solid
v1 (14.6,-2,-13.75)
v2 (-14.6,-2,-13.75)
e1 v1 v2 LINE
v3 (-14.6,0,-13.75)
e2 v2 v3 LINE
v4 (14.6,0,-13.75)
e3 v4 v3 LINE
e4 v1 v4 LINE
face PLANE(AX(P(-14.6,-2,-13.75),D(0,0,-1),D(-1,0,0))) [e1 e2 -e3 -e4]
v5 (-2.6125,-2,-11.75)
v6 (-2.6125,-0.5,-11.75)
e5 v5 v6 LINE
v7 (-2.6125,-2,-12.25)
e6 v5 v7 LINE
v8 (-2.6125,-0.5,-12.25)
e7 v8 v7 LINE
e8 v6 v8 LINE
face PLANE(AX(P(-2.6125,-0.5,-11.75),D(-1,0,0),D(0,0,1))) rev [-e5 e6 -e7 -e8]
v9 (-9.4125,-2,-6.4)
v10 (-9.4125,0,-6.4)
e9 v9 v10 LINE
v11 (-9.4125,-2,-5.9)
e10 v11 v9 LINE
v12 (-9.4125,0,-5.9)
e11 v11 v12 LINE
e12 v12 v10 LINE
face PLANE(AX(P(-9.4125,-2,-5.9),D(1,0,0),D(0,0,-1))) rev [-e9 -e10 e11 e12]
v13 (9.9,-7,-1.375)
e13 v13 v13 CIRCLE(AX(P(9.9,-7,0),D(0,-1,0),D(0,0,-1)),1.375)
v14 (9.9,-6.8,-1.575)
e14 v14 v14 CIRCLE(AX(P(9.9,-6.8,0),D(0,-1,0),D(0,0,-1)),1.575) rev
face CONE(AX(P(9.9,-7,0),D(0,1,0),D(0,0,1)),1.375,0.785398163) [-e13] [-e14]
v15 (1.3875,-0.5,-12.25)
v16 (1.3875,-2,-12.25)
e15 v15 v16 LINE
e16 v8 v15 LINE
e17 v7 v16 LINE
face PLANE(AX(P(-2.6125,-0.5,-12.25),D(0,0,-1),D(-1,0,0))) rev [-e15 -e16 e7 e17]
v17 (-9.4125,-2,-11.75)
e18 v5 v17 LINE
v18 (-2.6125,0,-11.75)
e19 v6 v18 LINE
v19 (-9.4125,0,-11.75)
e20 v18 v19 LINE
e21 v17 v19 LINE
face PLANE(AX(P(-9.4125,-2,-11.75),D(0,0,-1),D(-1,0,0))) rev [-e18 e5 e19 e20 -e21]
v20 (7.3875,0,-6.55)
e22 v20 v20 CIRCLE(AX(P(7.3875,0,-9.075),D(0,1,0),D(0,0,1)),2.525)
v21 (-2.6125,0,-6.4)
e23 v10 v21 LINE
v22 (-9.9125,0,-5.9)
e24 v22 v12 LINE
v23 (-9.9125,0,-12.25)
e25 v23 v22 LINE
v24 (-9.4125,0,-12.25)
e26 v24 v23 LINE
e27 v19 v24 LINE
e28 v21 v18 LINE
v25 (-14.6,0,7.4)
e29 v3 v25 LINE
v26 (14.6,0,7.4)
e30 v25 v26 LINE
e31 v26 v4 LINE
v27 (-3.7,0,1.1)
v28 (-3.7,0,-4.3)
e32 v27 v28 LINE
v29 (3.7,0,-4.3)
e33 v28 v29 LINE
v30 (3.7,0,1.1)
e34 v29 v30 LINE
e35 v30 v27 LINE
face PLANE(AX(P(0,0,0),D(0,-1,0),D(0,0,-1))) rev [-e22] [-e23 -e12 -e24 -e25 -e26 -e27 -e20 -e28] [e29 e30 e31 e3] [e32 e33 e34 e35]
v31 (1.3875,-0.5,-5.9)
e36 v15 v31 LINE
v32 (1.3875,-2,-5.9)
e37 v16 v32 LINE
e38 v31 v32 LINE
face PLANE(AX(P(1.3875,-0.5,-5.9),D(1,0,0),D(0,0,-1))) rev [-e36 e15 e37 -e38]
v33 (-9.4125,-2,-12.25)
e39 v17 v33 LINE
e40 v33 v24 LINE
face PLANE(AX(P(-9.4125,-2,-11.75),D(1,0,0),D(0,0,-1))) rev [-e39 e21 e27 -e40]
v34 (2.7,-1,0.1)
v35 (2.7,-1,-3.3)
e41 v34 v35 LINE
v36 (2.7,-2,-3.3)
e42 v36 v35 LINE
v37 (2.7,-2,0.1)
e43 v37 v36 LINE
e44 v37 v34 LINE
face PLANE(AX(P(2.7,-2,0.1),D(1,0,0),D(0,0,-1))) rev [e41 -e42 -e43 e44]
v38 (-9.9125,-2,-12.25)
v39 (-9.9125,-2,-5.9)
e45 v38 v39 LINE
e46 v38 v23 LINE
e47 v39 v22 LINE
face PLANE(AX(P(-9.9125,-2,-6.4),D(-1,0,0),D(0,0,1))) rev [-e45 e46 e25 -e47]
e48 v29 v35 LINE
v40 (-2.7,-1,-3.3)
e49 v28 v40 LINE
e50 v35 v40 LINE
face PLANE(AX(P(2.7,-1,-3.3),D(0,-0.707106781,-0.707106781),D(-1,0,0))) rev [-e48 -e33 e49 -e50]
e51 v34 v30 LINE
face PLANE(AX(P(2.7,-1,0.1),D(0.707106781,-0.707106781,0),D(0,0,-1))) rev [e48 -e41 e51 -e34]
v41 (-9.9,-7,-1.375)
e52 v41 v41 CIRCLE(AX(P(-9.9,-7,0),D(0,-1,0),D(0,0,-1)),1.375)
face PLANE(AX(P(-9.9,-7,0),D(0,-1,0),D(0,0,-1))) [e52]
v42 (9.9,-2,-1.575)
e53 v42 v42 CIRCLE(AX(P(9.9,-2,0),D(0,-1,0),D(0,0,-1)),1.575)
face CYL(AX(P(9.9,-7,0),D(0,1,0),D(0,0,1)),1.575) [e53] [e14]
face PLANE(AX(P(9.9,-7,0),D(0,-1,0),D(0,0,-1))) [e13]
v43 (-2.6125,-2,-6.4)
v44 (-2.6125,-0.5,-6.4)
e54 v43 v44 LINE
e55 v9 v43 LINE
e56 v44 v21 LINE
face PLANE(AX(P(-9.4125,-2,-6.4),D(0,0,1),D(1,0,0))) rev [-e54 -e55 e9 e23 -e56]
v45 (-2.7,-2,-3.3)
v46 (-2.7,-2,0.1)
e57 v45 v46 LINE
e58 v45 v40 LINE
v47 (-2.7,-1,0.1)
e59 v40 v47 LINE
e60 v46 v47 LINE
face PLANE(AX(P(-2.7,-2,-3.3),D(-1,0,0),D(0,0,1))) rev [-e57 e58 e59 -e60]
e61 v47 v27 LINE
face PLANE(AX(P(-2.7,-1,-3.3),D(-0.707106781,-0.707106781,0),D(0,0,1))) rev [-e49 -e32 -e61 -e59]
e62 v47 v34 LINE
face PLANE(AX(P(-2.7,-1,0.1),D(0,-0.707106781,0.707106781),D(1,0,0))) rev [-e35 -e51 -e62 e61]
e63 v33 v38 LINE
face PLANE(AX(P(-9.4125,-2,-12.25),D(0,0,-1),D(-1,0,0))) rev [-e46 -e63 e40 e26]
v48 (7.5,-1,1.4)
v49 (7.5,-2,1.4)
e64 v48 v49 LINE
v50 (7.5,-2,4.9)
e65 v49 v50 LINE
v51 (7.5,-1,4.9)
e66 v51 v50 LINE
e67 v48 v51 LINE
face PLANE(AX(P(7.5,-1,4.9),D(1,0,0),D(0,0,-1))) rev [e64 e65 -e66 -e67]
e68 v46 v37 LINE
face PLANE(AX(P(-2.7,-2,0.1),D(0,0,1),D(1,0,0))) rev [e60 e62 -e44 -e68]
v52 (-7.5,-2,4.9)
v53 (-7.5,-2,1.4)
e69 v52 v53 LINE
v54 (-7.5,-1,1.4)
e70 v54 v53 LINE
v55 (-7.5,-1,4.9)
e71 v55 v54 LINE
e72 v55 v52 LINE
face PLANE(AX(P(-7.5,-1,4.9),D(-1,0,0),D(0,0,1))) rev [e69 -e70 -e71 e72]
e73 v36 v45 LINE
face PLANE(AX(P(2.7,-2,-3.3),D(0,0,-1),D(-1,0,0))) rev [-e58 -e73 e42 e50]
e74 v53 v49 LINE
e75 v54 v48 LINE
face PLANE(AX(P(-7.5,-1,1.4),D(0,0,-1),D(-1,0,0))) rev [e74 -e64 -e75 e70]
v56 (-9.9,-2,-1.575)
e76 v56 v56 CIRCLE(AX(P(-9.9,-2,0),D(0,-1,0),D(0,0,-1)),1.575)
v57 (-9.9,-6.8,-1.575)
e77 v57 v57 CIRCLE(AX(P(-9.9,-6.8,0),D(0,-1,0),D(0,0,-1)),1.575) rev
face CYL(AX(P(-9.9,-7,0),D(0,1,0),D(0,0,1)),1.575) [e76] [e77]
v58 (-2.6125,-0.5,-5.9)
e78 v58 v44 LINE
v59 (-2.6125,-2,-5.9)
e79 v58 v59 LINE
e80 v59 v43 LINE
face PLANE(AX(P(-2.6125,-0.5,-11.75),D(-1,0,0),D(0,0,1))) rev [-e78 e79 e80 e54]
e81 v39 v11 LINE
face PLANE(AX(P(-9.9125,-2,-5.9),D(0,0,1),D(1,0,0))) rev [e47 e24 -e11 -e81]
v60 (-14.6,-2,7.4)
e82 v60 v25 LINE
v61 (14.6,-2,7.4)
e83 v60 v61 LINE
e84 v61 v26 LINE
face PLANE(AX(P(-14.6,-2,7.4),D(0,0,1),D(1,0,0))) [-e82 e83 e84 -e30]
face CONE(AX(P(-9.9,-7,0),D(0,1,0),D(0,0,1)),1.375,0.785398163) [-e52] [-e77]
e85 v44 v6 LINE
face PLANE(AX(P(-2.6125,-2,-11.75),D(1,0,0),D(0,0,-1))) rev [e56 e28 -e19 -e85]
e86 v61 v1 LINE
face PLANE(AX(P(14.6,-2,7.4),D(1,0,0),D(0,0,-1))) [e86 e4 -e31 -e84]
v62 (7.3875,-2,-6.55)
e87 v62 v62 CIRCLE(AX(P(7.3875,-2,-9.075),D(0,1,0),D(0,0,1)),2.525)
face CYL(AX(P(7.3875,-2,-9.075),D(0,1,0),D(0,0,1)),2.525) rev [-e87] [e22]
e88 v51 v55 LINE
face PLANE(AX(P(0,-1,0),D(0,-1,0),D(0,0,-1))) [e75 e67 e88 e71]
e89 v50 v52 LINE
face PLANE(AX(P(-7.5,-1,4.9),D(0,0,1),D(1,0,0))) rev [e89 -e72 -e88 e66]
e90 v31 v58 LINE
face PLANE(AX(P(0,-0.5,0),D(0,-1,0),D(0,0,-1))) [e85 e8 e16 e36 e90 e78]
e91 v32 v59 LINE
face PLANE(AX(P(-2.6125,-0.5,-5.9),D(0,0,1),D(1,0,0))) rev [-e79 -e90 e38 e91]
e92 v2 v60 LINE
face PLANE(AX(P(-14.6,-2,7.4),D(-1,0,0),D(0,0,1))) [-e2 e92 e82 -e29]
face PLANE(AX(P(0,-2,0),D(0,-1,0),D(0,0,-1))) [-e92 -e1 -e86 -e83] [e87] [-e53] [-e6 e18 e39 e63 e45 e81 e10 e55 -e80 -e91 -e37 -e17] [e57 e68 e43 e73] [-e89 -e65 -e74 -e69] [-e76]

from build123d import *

# Parameters (mm, degrees)
PARTS_W           = 29.2
PARTS_H           = 21.15
MAIN_FACE_DEPTH   = 2
SKETCH3_R         = 2.525
IR_CUT_DEPTH      = 2
TSOP_GROOVE_DEPTH = 1.5
SKETCH4_W         = 5.4
SKETCH4_H         = 3.4
TOF_CUT_DEPTH     = 2
SKETCH6_R         = 1.575
SHAFTS_DEPTH      = 5
CHAMFER1_SIZE     = 0.2
SKETCH7_W         = 15
SKETCH7_H         = 3.5
PINSLOTS_DEPTH    = 1
TOFWINDOW_SIZE    = 1


with BuildPart() as part:
    # Parts → Main Face (new body)
    with BuildSketch(Plane(origin=(0, 0, 0), x_dir=(1, 0, 0), z_dir=(0, 1, 0))):
        with Locations((0, 3.175)):
            Rectangle(PARTS_W, PARTS_H)
    extrude(amount=-MAIN_FACE_DEPTH)

    # Sketch3 → IR Cut (cut)
    with BuildSketch(Plane(origin=(0, 0, 0), x_dir=(1, 0, 0), z_dir=(0, 1, 0))):
        with Locations(Location((7.3875, 9.075, 0), (0, 0, 270))):
            Circle(SKETCH3_R)
        Polygon((-2.6125, 11.75), (-2.6125, 6.4), (-9.4125, 6.4), (-9.4125, 5.9), (-9.9125, 5.9), (-9.9125, 6.4), (-9.9125, 11.75), (-9.9125, 12.25), (-9.4125, 12.25), (-9.4125, 11.75), align=None)
    extrude(amount=-IR_CUT_DEPTH, mode=Mode.SUBTRACT)

    # Sketch5 → TSOP Groove (cut)
    with BuildSketch(Plane.XZ.offset(2)):
        Polygon((-2.6125, -11.75), (-2.6125, -6.4), (-2.6125, -5.9), (1.3875, -5.9), (1.3875, -6.4), (1.3875, -11.75), (1.3875, -12.25), (-2.6125, -12.25), align=None)
    extrude(amount=-TSOP_GROOVE_DEPTH, mode=Mode.SUBTRACT)

    # Sketch4 → TOF Cut (cut)
    with BuildSketch(Plane(origin=(0, 0, 0), x_dir=(1, 0, 0), z_dir=(0, 1, 0))):
        with Locations((0, 1.6)):
            Rectangle(SKETCH4_W, SKETCH4_H)
    extrude(amount=-TOF_CUT_DEPTH, mode=Mode.SUBTRACT)

    # Sketch6 → Shafts (add)
    with BuildSketch(Plane.XZ.offset(2)):
        with Locations(Location((-9.9, 0, 0), (0, 0, 270))):
            Circle(SKETCH6_R)
        with Locations(Location((9.9, 0, 0), (0, 0, 270))):
            Circle(SKETCH6_R)
    extrude(amount=SHAFTS_DEPTH)

    # Chamfer1
    chamfer1_edges = [part.edges().sort_by_distance(p)[0] for p in [
        (9.9, -7, 1.575),
        (-9.9, -7, 1.575),
    ]]
    chamfer(chamfer1_edges, length=CHAMFER1_SIZE)

    # Sketch7 → PinSlots (cut)
    with BuildSketch(Plane.XZ.offset(2)):
        with Locations((0, 3.15)):
            Rectangle(SKETCH7_W, SKETCH7_H)
    extrude(amount=-PINSLOTS_DEPTH, mode=Mode.SUBTRACT)

    # ToFWindow
    tofwindow_edges = [part.edges().sort_by_distance(p)[0] for p in [
        (-2.7, 0, -1.6),
        (0, 0, 0.1),
        (2.7, 0, -1.6),
        (0, 0, -3.3),
    ]]
    chamfer(tofwindow_edges, length=TOFWINDOW_SIZE)


solid = part.part
